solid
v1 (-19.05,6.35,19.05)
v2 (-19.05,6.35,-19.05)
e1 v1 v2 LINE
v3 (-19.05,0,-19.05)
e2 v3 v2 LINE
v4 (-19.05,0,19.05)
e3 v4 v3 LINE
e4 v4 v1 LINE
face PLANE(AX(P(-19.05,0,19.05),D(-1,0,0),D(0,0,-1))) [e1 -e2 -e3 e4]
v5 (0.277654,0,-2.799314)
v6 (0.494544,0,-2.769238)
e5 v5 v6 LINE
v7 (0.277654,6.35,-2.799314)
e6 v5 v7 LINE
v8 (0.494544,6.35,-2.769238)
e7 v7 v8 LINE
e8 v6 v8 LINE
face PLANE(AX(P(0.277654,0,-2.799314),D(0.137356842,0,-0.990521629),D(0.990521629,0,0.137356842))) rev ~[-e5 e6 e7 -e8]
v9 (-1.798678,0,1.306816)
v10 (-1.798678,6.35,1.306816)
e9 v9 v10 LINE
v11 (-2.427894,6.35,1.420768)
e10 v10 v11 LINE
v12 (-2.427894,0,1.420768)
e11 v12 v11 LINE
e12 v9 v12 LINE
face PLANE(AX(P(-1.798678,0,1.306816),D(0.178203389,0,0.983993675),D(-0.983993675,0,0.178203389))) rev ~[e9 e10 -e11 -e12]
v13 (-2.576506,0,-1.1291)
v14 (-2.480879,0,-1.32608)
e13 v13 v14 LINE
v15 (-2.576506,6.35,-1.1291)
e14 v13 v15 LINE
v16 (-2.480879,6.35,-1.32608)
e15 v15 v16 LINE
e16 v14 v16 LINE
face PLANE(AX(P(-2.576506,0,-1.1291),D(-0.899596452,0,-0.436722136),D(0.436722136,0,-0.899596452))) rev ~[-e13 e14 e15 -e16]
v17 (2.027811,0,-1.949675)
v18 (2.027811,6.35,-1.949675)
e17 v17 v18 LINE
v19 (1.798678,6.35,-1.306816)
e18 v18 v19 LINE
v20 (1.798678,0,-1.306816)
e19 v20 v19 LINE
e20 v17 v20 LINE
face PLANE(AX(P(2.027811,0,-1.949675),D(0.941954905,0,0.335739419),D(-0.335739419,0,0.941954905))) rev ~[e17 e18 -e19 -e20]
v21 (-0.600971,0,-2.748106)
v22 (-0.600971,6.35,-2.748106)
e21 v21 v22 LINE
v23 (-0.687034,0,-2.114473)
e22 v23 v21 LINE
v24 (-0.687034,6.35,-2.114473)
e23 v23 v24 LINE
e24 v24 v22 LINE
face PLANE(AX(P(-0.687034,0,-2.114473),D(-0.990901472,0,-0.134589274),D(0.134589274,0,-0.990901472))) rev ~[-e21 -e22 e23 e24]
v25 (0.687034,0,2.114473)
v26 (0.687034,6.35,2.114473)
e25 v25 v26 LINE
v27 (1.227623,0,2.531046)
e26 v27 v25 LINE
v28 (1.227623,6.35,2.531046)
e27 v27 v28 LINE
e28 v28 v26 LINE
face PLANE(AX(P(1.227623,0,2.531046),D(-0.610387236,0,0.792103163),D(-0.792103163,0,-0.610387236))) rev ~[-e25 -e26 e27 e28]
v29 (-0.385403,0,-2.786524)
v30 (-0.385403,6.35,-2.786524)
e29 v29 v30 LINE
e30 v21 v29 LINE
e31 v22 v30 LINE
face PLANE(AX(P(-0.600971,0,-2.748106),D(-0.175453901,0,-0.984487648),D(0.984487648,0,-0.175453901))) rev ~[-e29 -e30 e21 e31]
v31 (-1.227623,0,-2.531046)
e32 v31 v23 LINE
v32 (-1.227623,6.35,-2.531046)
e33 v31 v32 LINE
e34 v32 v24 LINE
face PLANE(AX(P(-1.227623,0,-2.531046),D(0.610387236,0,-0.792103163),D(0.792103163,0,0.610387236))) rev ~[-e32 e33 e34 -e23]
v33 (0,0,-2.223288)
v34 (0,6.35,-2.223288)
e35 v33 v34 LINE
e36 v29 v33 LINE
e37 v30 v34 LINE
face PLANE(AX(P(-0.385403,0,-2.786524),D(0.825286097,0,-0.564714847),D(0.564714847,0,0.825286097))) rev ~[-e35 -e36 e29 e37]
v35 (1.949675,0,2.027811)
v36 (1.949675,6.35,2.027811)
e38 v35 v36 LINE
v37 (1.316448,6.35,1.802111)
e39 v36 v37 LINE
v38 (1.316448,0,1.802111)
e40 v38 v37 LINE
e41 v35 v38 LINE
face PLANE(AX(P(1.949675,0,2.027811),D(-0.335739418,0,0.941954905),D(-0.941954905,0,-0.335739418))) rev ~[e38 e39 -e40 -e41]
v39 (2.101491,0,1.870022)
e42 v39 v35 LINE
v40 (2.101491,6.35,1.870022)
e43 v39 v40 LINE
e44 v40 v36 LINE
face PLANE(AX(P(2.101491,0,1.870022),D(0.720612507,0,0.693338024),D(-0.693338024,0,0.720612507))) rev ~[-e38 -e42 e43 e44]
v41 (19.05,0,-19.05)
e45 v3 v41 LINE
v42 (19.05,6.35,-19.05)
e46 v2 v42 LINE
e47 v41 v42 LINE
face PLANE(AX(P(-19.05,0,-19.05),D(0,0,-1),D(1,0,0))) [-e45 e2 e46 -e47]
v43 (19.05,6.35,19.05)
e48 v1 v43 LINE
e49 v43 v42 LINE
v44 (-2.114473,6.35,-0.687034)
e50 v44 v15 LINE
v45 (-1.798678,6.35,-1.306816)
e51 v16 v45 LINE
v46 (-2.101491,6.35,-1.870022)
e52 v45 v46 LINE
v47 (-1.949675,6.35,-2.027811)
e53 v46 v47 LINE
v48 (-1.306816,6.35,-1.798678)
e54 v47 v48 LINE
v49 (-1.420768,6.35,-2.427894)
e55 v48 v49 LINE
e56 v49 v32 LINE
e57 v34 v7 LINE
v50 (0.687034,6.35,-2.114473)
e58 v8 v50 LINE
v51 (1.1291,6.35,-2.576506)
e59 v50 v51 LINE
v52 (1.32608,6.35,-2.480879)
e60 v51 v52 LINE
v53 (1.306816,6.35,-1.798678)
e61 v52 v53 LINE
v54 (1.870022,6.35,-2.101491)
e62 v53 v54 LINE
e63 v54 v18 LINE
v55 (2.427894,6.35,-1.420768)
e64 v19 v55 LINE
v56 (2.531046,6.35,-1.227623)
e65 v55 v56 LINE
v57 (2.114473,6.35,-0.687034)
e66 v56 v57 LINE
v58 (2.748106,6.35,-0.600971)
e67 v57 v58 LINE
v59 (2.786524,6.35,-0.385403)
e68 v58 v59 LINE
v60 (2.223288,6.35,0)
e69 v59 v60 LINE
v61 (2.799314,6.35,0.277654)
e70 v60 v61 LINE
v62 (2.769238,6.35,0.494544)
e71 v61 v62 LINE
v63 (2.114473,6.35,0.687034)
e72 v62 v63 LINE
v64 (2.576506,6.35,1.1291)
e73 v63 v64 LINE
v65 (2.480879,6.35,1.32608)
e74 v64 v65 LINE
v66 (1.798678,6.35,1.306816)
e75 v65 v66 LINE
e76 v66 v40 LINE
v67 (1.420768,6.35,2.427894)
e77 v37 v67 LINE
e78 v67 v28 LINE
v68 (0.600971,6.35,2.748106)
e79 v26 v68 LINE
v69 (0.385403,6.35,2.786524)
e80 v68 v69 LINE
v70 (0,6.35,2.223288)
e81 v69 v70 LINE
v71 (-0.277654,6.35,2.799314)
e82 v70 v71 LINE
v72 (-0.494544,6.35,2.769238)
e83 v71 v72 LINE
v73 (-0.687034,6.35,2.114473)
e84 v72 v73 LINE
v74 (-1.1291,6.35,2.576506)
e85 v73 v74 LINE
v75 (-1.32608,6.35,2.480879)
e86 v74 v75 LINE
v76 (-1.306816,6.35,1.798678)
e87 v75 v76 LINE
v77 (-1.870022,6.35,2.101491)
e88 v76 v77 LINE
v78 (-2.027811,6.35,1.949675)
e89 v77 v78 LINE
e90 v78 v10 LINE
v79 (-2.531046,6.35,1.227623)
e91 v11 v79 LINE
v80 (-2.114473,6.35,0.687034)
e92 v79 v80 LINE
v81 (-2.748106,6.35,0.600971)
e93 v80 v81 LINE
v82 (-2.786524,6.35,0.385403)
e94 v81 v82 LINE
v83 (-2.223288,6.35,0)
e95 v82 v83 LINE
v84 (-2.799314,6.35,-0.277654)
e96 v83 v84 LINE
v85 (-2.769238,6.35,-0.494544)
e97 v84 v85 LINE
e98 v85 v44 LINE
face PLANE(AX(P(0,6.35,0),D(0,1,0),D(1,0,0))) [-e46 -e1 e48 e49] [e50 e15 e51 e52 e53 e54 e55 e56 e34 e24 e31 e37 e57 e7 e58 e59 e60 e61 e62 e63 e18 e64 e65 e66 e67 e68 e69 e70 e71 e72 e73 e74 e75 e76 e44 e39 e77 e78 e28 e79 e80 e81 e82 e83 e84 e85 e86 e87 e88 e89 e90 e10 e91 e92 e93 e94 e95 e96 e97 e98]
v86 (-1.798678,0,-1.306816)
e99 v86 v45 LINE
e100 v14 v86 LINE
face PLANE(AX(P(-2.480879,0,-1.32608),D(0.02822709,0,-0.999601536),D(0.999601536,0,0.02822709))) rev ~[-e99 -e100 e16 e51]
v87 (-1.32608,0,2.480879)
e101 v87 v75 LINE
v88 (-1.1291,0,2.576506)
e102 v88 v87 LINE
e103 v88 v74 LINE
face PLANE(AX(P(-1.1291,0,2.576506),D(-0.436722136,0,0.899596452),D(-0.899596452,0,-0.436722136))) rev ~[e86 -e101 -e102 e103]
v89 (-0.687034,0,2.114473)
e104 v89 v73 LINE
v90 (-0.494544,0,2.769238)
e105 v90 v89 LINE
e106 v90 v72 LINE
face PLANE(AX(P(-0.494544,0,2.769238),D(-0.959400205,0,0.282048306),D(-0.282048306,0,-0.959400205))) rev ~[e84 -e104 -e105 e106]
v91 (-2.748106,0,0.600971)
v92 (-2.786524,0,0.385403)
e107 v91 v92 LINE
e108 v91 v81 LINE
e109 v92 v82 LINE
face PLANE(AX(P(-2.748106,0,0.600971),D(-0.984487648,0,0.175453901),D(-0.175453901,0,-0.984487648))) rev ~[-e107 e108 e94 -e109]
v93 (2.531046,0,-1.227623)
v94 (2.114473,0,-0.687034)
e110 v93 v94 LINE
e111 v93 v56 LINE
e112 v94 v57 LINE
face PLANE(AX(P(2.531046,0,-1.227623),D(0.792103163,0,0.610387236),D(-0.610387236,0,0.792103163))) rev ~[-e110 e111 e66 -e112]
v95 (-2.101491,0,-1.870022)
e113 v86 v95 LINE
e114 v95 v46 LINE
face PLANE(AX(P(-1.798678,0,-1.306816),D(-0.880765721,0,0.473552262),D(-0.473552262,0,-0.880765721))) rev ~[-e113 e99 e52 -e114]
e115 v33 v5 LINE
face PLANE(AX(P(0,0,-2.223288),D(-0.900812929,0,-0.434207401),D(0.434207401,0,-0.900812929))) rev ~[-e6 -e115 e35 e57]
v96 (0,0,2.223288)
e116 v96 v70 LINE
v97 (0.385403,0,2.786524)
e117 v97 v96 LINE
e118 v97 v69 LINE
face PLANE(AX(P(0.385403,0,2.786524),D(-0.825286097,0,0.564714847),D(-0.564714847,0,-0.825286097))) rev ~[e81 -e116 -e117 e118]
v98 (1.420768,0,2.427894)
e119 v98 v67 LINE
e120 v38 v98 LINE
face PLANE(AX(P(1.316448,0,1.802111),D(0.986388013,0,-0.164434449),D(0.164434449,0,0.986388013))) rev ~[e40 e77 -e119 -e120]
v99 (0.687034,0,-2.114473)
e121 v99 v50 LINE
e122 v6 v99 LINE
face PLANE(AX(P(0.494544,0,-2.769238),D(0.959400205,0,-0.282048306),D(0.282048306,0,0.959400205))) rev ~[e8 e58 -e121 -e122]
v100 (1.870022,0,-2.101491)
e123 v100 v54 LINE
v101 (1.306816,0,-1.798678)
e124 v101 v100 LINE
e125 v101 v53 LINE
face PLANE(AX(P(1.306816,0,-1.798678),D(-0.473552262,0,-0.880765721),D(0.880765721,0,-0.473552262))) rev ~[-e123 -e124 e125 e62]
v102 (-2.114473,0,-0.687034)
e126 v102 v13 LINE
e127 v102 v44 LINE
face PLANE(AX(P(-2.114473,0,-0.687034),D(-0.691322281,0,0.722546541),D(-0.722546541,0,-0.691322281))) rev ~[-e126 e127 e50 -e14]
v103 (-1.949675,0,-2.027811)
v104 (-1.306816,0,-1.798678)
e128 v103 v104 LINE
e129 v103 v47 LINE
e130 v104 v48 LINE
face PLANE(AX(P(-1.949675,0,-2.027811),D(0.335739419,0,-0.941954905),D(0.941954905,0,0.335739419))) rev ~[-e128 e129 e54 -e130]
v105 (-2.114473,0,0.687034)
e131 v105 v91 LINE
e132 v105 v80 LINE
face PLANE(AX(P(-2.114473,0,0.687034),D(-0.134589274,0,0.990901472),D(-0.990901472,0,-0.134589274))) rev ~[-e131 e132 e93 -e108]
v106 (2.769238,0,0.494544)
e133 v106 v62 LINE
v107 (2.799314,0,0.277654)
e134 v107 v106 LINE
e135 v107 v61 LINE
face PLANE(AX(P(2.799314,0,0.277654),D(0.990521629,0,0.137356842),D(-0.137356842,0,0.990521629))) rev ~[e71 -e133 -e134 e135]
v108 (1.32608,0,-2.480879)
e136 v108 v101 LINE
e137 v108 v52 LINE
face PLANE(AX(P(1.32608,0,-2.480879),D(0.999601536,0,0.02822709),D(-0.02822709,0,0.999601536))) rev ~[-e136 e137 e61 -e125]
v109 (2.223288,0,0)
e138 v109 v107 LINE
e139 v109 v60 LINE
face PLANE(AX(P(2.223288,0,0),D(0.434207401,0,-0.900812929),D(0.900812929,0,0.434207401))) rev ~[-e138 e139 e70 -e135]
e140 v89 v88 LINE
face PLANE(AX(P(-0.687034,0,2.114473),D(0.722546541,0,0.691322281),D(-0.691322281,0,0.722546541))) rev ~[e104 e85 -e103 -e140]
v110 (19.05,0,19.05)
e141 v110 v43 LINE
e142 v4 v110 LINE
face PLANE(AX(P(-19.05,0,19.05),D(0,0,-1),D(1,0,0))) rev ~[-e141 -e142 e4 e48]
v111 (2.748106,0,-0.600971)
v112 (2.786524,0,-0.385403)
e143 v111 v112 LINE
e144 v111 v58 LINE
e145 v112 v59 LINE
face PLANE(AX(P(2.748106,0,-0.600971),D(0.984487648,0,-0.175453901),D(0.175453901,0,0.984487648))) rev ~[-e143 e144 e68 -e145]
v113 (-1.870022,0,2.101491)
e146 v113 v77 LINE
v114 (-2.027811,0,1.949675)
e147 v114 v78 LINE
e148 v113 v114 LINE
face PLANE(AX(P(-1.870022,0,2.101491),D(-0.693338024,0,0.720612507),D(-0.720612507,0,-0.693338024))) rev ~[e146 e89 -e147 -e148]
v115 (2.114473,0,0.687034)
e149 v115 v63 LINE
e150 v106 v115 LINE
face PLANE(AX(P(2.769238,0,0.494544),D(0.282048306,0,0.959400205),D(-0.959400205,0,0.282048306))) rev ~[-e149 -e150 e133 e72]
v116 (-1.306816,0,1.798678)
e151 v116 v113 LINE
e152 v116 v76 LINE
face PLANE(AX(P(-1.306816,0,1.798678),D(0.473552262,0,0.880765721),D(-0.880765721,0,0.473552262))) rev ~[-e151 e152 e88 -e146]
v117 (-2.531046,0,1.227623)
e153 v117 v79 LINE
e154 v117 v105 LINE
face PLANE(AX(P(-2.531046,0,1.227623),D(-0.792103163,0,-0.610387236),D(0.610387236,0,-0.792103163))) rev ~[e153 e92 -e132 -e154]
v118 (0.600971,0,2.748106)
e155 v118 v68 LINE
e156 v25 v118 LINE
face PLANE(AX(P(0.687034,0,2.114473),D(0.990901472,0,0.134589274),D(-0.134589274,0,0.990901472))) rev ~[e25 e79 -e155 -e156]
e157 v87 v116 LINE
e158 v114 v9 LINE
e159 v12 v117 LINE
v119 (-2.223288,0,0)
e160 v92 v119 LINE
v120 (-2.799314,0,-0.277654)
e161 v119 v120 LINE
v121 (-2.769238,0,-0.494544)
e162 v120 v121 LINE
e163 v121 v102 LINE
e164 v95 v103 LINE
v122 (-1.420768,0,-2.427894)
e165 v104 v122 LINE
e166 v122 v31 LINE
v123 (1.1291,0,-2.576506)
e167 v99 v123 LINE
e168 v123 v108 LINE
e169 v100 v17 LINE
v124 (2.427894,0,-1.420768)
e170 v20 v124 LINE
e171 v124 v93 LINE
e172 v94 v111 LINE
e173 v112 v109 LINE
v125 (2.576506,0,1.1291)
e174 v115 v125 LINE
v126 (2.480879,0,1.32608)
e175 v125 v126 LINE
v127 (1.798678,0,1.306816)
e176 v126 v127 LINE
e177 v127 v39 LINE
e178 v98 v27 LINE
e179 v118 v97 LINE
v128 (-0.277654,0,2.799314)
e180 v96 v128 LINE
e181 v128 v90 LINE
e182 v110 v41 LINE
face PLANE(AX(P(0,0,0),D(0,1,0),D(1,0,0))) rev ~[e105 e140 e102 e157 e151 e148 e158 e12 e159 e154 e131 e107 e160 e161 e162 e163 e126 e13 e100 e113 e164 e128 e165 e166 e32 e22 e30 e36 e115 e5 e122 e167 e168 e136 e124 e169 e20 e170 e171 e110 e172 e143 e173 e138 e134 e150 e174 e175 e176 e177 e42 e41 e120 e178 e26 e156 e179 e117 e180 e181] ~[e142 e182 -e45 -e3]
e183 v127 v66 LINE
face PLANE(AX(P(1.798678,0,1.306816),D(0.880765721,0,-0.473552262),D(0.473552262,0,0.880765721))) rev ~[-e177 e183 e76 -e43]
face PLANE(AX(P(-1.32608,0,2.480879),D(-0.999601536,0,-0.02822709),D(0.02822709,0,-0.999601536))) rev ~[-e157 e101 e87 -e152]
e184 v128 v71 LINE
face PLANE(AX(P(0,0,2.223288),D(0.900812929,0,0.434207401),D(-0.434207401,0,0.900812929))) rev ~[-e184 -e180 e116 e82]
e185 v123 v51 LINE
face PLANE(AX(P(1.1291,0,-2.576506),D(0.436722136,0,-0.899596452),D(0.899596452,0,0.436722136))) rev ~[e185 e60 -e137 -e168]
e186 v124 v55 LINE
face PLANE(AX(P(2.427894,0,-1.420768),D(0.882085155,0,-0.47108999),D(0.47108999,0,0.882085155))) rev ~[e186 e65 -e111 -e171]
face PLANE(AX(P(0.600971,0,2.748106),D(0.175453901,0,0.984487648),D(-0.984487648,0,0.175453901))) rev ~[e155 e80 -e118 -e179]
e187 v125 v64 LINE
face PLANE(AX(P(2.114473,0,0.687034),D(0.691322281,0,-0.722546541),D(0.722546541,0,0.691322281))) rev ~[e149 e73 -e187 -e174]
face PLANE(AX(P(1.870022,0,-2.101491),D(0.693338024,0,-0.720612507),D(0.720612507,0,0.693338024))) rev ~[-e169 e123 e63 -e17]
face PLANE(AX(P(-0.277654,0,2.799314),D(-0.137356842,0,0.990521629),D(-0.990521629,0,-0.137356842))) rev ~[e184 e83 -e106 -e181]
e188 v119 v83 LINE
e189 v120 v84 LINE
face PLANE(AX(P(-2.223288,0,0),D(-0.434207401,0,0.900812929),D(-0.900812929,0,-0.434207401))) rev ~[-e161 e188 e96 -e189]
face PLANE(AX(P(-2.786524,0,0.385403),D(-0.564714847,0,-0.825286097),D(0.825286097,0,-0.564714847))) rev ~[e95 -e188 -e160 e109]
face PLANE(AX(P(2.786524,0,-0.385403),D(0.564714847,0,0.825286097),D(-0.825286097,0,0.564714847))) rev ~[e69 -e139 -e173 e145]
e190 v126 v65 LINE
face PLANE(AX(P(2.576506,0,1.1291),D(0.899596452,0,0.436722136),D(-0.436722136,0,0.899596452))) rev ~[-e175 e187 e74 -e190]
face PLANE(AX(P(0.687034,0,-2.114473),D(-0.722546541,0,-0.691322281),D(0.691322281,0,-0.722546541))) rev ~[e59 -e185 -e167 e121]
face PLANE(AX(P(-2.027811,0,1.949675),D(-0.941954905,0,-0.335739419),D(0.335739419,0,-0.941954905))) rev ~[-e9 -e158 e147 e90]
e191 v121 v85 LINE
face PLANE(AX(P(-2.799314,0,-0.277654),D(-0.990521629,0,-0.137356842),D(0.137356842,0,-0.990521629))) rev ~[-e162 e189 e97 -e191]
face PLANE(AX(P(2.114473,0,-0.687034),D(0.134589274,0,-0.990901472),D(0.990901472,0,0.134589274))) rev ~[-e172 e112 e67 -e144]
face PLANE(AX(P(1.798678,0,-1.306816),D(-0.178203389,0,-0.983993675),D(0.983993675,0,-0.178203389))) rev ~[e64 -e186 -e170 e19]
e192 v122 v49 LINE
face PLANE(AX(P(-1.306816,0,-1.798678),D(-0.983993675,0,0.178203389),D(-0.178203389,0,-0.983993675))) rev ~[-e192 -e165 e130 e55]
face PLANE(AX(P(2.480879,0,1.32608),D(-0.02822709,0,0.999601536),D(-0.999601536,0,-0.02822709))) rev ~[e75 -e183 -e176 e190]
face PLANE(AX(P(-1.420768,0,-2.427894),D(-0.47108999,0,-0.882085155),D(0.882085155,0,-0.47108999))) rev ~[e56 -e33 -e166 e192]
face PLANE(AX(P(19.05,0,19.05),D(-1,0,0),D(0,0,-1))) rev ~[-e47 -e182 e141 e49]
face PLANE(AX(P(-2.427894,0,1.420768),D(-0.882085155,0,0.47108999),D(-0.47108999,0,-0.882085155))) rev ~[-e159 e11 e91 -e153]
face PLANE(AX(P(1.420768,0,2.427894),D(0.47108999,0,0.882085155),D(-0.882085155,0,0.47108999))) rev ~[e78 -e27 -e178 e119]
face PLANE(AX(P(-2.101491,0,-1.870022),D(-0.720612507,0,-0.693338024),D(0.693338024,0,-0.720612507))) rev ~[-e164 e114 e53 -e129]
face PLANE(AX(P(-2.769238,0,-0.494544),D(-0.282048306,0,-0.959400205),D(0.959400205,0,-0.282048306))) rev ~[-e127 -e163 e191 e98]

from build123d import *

# Parameters (mm, degrees)
SKETCH4_W           = 38.1
SKETCH4_H           = 38.1
BOSS_EXTRUDE2_DEPTH = 6.35


with BuildPart() as part:
    # Sketch4 → Boss-Extrude2 (new body)
    with BuildSketch(Plane(origin=(0, 0, 0), x_dir=(1, 0, 0), z_dir=(0, 1, 0))):
        Rectangle(SKETCH4_W, SKETCH4_H)
        Polygon((-1.949674864, 2.027811191), (-1.306816157, 1.798678132), (-1.420768443, 2.4278936), (-1.227622865, 2.531045714), (-0.687033912, 2.114472959), (-0.600970703, 2.748105623), (-0.385402586, 2.786523847), (0, 2.223288441), (0.277654237, 2.799313921), (0.494543583, 2.769237611), (0.687033912, 2.114472959), (1.129100445, 2.576505868), (1.326080381, 2.480879103), (1.306816157, 1.798678132), (1.870022435, 2.101491469), (2.027811191, 1.949674864), (1.798678132, 1.306816157), (2.4278936, 1.420768443), (2.531045714, 1.227622865), (2.114472959, 0.687033912), (2.748105623, 0.600970703), (2.786523847, 0.385402586), (2.223288441, 0), (2.799313921, -0.277654237), (2.769237611, -0.494543583), (2.114472959, -0.687033912), (2.576505868, -1.129100445), (2.480879103, -1.326080381), (1.798678132, -1.306816157), (2.101491469, -1.870022435), (1.949674864, -2.027811191), (1.316448269, -1.80211129), (1.420768443, -2.4278936), (1.227622865, -2.531045714), (0.687033912, -2.114472959), (0.600970703, -2.748105623), (0.385402586, -2.786523847), (0, -2.223288441), (-0.277654237, -2.799313921), (-0.494543583, -2.769237611), (-0.687033912, -2.114472959), (-1.129100445, -2.576505868), (-1.326080381, -2.480879103), (-1.306816157, -1.798678132), (-1.870022435, -2.101491469), (-2.027811191, -1.949674864), (-1.798678132, -1.306816157), (-2.4278936, -1.420768443), (-2.531045714, -1.227622865), (-2.114472959, -0.687033912), (-2.748105623, -0.600970703), (-2.786523847, -0.385402586), (-2.223288441, 0), (-2.799313921, 0.277654237), (-2.769237611, 0.494543583), (-2.114472959, 0.687033912), (-2.576505868, 1.129100445), (-2.480879103, 1.326080381), (-1.798678132, 1.306816157), (-2.101491469, 1.870022435), align=None, mode=Mode.SUBTRACT)
    extrude(amount=BOSS_EXTRUDE2_DEPTH)


solid = part.part
